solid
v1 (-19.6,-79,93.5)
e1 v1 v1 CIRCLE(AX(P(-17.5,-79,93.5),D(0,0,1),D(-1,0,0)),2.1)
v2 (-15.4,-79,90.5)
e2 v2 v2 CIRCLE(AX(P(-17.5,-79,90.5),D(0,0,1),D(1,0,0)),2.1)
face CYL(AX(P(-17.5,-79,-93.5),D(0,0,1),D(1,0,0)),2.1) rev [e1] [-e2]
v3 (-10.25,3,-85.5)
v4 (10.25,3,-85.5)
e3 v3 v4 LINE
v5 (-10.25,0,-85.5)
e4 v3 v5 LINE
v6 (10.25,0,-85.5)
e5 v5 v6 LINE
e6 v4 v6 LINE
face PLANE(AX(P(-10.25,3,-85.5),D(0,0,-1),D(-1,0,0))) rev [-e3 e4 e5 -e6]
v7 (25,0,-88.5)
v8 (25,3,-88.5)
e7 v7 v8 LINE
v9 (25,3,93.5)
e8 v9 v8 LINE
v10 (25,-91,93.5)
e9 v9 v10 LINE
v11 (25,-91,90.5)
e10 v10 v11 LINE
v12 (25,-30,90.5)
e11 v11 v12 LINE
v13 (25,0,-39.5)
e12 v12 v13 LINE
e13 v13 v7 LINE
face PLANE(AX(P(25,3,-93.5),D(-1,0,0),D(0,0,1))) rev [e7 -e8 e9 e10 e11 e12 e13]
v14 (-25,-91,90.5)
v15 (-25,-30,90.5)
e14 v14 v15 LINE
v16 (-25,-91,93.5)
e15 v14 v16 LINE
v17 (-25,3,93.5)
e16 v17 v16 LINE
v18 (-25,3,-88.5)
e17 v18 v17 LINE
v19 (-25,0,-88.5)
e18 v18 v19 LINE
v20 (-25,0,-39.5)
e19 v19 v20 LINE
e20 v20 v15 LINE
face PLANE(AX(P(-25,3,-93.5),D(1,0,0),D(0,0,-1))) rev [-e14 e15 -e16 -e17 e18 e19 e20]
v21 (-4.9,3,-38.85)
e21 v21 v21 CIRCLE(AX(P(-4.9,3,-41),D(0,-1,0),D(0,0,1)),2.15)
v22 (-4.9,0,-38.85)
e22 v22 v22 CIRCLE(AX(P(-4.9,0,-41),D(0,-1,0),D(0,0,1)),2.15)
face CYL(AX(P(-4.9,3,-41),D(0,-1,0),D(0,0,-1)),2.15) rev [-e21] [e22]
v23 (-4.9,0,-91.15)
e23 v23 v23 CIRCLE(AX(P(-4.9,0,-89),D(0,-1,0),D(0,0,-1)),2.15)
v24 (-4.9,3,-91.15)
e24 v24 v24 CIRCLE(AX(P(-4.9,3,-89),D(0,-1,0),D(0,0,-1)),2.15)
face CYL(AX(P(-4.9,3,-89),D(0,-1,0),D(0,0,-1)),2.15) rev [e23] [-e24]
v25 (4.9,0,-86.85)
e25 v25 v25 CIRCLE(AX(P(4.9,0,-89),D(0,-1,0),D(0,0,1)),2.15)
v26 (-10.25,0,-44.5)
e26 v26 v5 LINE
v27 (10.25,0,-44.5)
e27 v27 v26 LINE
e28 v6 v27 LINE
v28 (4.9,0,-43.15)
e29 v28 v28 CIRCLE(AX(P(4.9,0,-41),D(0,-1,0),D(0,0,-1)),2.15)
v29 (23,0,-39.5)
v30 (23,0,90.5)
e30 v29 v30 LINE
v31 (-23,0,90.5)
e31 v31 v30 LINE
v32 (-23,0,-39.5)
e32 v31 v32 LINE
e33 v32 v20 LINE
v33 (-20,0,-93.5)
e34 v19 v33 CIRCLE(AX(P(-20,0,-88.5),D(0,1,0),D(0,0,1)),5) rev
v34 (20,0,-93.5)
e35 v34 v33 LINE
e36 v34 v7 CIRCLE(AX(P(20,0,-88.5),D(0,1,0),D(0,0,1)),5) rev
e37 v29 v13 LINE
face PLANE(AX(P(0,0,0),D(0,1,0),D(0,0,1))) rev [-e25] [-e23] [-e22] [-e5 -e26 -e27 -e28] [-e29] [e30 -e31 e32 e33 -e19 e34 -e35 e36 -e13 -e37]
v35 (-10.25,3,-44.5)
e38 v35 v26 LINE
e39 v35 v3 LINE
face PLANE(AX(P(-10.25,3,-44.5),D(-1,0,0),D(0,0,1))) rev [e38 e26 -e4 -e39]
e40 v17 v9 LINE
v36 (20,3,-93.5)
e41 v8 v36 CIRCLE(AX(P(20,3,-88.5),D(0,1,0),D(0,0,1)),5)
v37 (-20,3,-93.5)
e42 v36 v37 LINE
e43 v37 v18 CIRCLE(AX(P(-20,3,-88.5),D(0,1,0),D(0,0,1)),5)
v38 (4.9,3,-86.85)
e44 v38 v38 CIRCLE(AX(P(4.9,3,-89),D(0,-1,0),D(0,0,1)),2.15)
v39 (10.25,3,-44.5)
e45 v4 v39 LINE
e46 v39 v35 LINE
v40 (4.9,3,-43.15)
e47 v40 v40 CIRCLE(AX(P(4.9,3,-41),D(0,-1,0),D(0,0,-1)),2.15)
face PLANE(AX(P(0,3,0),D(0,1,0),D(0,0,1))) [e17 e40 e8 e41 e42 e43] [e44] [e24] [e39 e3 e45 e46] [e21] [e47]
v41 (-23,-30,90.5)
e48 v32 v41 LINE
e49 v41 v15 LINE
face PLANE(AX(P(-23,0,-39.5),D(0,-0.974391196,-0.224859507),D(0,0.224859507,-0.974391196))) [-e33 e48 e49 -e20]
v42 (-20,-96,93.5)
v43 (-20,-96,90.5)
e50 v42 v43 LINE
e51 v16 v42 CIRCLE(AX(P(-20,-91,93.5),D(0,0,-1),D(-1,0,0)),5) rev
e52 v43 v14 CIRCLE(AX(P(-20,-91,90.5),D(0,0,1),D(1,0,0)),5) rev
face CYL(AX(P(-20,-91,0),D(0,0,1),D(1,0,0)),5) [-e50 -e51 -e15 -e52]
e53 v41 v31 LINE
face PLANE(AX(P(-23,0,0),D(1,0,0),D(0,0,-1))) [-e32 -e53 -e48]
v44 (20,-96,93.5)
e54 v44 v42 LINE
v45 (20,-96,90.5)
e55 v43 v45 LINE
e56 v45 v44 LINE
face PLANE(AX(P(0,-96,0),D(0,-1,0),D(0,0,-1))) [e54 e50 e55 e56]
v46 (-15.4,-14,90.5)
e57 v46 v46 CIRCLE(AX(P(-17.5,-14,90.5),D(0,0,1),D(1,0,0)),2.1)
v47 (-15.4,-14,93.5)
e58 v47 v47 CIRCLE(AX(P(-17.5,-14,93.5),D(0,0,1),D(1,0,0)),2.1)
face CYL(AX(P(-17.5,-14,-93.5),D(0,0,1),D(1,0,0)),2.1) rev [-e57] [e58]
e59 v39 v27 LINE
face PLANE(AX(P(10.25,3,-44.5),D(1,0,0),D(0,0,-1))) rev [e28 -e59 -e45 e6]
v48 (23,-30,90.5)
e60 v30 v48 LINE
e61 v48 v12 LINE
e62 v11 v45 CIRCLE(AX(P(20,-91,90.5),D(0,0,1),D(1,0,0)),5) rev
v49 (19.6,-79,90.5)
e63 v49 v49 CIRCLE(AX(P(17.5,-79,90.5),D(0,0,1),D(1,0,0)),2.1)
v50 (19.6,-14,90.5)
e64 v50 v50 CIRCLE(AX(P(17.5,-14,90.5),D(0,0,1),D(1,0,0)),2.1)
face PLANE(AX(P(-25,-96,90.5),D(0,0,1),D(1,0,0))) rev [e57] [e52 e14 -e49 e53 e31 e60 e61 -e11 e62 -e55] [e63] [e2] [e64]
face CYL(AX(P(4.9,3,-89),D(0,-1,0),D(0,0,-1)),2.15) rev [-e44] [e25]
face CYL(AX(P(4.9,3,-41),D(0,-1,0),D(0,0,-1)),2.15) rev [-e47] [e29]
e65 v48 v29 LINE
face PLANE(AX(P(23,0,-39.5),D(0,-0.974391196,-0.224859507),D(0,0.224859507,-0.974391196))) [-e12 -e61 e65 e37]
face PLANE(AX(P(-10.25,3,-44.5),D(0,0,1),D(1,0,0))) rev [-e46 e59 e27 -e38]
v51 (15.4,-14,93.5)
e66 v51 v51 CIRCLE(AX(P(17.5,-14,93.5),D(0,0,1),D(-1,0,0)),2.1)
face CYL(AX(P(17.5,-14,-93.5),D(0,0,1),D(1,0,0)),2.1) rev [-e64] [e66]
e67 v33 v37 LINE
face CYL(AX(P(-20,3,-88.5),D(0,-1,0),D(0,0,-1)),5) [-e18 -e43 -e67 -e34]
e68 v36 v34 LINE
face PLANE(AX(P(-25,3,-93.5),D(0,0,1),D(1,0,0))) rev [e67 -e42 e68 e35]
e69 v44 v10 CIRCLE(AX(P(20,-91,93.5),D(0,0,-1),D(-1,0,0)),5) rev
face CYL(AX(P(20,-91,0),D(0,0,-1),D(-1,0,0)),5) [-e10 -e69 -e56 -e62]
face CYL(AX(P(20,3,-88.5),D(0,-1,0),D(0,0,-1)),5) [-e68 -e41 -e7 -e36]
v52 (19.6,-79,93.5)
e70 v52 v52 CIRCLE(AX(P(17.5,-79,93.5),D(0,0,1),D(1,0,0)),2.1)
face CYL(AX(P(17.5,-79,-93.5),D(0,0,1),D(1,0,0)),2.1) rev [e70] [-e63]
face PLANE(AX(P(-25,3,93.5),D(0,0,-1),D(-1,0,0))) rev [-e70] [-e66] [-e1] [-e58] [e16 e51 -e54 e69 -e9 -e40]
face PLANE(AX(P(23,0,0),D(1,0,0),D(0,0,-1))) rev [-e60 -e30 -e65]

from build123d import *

# Parameters (mm, degrees)
SKETCH_1_W          = 50
SKETCH_1_H          = 187
EXTRUDE_1_DEPTH     = 3
SKETCH_4_R          = 2.15
SKETCH_4_W          = 20.5
SKETCH_4_H          = 41
CUT_EXTRUDE_2_DEPTH = 4
SKETCH_5_W          = 50
SKETCH_5_H          = 3
EXTRUDE_2_DEPTH     = 96
SKETCH_6_R          = 2.1
CUT_EXTRUDE_3_DEPTH = 188
FILLET_1_R          = 5
EXTRUDE_3_DEPTH     = 2
EXTRUDE_4_DEPTH     = 2


with BuildPart() as part:
    # 草图1 → 凸台-拉伸1 (new body)
    with BuildSketch(Plane(origin=(0, 0, 0), x_dir=(1, 0, 0), z_dir=(0, 1, 0))):
        Rectangle(SKETCH_1_W, SKETCH_1_H)
    extrude(amount=EXTRUDE_1_DEPTH)

    # 草图4 → 切除-拉伸2 (cut, through all)
    with BuildSketch(Plane.XZ):
        with Locations((-4.9, -89)):
            Circle(SKETCH_4_R)
        with Locations((4.9, -89)):
            Circle(SKETCH_4_R)
        with Locations((4.9, -41)):
            Circle(SKETCH_4_R)
        with Locations((-4.9, -41)):
            Circle(SKETCH_4_R)
        with Locations((0, -65)):
            Rectangle(SKETCH_4_W, SKETCH_4_H)
    extrude(amount=-CUT_EXTRUDE_2_DEPTH, mode=Mode.SUBTRACT)

    # 草图5 → 凸台-拉伸2 (add)
    with BuildSketch(Plane.XZ):
        with Locations((0, 92)):
            Rectangle(SKETCH_5_W, SKETCH_5_H)
    extrude(amount=EXTRUDE_2_DEPTH)

    # 草图6 → 切除-拉伸3 (cut, through all)
    with BuildSketch(Plane.XY.offset(93.5)):
        with Locations((-17.5, -14)):
            Circle(SKETCH_6_R)
        with Locations((17.5, -14)):
            Circle(SKETCH_6_R)
        with Locations((17.5, -79)):
            Circle(SKETCH_6_R)
        with Locations((-17.5, -79)):
            Circle(SKETCH_6_R)
    extrude(amount=-CUT_EXTRUDE_3_DEPTH, mode=Mode.SUBTRACT)

    # 圆角1
    fillet_1_edges = [part.edges().sort_by_distance(p)[0] for p in [
        (-25, -96, 92),
        (25, -96, 92),
        (-25, 1.5, -93.5),
        (25, 1.5, -93.5),
    ]]
    fillet(fillet_1_edges, radius=FILLET_1_R)

    # 草图7 → 凸台-拉伸3 (add)
    with BuildSketch(Plane(origin=(25, 0, 0), x_dir=(0, 0, -1), z_dir=(1, 0, 0))):
        Polygon((39.5, 0), (-90.5, -30), (-90.5, 0), align=None)
    extrude(amount=-EXTRUDE_3_DEPTH)

    # 草图9 → 凸台-拉伸4 (add)
    with BuildSketch(Plane.ZY.offset(25)):
        Polygon((-39.5, 0), (90.5, -30), (90.5, 0), align=None)
    extrude(amount=-EXTRUDE_4_DEPTH)


solid = part.part
